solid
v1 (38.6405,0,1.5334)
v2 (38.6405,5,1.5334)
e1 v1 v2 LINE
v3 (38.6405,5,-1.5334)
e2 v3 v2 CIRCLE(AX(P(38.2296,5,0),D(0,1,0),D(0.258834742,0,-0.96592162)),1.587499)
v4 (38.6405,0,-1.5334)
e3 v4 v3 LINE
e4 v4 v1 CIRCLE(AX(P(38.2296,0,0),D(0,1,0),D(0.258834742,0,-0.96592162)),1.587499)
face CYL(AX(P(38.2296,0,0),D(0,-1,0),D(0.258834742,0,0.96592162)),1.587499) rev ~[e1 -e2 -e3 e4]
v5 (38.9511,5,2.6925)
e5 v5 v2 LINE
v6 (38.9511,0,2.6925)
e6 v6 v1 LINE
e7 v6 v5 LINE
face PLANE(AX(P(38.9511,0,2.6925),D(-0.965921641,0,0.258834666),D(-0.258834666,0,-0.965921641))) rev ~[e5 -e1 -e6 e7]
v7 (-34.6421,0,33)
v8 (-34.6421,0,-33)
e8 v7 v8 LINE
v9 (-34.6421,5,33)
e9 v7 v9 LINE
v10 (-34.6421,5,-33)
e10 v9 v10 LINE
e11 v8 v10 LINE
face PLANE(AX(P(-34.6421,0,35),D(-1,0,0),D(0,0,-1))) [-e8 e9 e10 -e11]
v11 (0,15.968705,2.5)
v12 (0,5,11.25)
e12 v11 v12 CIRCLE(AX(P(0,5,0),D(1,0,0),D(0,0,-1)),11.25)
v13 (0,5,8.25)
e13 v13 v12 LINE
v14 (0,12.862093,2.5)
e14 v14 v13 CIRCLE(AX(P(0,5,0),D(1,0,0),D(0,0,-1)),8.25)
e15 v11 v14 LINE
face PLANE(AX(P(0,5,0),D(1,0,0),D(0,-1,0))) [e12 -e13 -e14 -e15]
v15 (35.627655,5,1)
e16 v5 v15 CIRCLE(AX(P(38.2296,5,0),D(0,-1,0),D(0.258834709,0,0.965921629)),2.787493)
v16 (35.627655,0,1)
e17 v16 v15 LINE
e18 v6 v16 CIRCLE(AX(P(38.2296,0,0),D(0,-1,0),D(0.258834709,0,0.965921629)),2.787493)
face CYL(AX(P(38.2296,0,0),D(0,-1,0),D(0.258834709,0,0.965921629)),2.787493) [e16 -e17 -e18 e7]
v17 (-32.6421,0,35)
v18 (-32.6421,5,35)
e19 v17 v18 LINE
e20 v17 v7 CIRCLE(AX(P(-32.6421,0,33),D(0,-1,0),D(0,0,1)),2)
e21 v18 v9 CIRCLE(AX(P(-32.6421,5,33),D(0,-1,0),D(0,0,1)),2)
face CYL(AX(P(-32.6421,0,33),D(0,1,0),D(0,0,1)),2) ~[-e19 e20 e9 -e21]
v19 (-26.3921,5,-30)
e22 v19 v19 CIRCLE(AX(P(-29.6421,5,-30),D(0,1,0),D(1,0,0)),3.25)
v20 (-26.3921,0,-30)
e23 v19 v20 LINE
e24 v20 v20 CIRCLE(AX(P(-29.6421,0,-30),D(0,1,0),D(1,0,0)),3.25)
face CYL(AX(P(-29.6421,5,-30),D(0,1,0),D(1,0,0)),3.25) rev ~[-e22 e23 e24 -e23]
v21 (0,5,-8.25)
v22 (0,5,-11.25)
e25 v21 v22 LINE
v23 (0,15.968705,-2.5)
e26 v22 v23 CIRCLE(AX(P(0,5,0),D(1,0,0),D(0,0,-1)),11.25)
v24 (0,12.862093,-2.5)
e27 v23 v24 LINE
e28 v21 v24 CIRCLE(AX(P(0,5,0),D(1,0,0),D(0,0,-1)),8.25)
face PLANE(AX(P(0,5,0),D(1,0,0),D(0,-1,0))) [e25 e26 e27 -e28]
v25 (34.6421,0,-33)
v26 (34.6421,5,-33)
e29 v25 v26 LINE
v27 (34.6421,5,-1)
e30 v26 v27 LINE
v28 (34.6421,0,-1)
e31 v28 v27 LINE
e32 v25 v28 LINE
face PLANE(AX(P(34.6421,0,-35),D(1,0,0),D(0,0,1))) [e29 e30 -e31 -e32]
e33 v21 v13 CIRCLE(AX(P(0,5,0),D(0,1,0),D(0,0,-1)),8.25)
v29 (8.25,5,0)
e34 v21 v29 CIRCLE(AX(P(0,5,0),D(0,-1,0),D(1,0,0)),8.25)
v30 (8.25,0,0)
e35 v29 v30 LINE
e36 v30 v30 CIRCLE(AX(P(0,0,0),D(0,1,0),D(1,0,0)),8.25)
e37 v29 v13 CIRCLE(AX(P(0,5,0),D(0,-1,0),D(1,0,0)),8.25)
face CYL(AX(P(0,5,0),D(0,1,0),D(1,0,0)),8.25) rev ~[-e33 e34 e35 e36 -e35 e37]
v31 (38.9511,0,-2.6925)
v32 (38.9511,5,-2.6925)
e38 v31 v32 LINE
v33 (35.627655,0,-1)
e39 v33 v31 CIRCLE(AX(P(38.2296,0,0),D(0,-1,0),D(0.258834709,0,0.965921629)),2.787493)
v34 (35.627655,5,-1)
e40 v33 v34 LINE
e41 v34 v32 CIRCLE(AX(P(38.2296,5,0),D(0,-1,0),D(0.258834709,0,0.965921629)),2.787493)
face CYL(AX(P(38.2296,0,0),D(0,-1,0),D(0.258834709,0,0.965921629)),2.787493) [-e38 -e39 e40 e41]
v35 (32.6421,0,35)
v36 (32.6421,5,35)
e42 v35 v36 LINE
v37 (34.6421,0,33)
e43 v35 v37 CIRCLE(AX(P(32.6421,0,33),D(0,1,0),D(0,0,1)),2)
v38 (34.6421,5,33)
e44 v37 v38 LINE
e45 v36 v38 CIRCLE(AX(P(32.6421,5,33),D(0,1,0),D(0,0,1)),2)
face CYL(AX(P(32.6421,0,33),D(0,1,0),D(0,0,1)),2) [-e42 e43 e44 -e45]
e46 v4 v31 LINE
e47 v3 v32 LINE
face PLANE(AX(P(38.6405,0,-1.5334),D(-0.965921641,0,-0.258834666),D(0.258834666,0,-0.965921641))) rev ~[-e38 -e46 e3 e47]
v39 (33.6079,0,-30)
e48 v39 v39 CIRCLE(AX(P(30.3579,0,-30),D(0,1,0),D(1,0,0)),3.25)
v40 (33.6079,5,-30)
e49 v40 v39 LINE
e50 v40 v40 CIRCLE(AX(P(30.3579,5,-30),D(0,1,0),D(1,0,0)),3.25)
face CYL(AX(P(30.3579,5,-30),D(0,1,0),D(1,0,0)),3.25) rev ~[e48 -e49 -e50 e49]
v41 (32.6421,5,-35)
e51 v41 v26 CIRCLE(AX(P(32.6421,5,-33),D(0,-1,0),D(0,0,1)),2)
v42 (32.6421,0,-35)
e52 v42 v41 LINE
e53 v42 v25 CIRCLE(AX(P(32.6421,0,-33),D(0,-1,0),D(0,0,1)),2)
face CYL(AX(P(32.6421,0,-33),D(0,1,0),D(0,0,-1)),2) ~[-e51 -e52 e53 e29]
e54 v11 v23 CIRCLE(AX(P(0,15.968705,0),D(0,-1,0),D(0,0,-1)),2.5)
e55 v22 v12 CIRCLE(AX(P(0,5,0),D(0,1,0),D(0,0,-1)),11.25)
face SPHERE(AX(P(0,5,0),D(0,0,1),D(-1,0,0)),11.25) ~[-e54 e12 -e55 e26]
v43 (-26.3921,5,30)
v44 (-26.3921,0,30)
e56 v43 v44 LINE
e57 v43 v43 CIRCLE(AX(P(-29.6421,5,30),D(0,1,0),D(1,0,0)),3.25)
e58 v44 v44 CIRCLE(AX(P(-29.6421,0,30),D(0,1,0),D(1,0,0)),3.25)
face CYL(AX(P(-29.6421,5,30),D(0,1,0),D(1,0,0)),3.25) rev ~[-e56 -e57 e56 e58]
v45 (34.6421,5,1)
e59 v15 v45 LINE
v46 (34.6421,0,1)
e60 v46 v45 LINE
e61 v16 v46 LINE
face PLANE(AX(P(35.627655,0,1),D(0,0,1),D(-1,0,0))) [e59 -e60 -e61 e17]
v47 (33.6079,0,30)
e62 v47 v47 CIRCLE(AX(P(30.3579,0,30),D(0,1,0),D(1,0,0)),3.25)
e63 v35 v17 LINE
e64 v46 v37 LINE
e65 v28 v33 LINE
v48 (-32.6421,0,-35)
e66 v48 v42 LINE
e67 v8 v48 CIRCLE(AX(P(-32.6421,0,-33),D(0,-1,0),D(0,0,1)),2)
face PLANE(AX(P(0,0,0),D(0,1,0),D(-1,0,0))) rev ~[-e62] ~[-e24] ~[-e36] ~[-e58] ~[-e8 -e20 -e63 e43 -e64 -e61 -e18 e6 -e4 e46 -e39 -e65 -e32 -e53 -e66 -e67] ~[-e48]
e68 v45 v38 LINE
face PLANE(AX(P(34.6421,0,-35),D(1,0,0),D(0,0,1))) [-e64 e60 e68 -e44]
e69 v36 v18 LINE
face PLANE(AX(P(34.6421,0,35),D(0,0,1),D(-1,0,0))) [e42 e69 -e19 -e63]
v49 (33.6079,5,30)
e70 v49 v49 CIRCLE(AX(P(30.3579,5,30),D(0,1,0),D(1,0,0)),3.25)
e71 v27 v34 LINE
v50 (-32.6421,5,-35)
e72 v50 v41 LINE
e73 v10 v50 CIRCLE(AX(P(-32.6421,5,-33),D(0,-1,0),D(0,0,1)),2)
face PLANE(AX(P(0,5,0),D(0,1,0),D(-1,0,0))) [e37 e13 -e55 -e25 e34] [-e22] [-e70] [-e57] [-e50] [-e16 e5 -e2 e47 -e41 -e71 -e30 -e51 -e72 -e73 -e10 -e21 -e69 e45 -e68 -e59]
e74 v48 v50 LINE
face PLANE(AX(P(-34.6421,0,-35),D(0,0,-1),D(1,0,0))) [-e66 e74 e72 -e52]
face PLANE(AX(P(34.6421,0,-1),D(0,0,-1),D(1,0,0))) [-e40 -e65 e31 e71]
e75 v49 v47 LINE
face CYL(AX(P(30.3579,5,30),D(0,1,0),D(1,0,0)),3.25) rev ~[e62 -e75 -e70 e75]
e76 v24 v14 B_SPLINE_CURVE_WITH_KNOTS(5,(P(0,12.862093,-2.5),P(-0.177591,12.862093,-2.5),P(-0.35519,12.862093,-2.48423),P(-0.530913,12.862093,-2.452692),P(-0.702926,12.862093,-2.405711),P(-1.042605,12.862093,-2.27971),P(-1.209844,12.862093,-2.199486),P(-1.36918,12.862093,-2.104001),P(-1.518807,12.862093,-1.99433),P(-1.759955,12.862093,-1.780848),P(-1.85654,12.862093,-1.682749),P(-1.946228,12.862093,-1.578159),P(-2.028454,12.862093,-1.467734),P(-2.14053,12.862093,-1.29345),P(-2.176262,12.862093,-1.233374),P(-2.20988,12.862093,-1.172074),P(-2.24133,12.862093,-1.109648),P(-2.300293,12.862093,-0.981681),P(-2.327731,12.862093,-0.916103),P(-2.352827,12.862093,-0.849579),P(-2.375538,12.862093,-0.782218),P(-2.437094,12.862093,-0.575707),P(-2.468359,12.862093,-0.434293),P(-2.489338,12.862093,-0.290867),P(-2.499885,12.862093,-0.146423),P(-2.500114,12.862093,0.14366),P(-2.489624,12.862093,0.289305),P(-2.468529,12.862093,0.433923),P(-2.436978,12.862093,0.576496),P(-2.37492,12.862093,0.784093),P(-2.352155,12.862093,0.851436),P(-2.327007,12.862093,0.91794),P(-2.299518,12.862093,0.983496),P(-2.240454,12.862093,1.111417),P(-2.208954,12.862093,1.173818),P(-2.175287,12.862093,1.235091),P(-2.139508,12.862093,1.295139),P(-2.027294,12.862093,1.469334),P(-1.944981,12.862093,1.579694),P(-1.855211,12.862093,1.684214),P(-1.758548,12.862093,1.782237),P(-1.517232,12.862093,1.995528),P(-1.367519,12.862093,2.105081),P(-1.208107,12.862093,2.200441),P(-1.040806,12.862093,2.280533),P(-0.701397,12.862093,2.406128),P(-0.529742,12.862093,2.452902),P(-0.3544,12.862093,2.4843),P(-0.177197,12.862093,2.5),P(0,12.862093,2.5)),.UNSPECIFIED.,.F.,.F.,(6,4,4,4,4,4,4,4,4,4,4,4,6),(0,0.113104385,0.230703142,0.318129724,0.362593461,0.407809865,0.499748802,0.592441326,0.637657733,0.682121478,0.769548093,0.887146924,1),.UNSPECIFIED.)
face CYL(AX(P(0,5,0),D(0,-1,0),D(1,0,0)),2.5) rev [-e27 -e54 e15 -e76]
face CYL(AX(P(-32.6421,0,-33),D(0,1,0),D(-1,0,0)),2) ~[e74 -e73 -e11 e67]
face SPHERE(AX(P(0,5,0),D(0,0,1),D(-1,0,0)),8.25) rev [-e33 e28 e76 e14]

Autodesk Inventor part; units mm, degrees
ref_plane "YZ Plane" through (0, 0, 0) normal (1, 0, 0) x (0, 1, 0)
ref_plane "XZ Plane" through (0, 0, 0) normal (0, 1, 0) x (-1, 0, 0)
ref_plane "XY Plane" through (0, 0, 0) normal (0, 0, 1) x (1, 0, 0)
sketch "Sketch1" plane through (0, 0, 0) normal (0, 1, 0) x (-1, 0, 0)
  line L0 (-34.6421, 35) -> (34.6421, 35)
  line L1 (34.6421, 35) -> (34.6421, -35)
  line L2 (34.6421, -35) -> (-34.6421, -35)
  line L3 (-34.6421, -35) -> (-34.6421, 35)
  line L4 (-34.6421, 35) -> (34.6421, -35) construction
  line L5 (34.6421, 35) -> (-34.6421, -35) construction
  point P0 (0, 0)
  dimension "d0" = 70
extrude "Extrusion1" add sketch "Sketch1" along normal blind 5
fillet "Fillet1" radius 2 4 edges at (-34.6421, 2.5, -35) (-34.6421, 2.5, 35) (34.6421, 2.5, 35) (34.6421, 2.5, -35)
sketch "Sketch2" plane through (0, 0, 0) normal (0, -1, 0) x (1, 0, 0)
  line L0 (36.6421, 1) -> (34.6421, 1)
  line L1 (34.6421, 1) -> (34.6421, -1)
  line L2 (34.6421, -1) -> (36.6421, -1)
  line L3 (36.6421, -1) -> (36.6421, 1)
  line L4 (36.6421, 1) -> (34.6421, -1) construction
  line L5 (34.6421, 1) -> (36.6421, -1) construction
  arc A0 (38.6405, 1.5334) -> (38.6405, -1.5334) centre (38.2296, 0) ccw
  line L6 (34.6421, 33) -> (34.6421, -33) projected
  line L7 (35.6421, 0) -> (34.6421, 0) construction
  arc A1 (38.9511, 2.6925) -> (38.9511, -2.6925) centre (38.2296, 0) ccw
  line L8 (38.9511, 2.6925) -> (38.6405, 1.5334)
  line L9 (38.6405, -1.5334) -> (38.9511, -2.6925)
  point P0 (0, 0)
  point P1 (36.6421, 0)
  point P2 (35.6277, 1)
  point P3 (35.6277, -1)
  dimension "d4" = 150
  dimension "d5" = 1.5875
  dimension "d6" = 2
  dimension "d8" = 150
  dimension "d9" = 1.2
extrude "Extrusion2" add sketch "Sketch2" against normal up to surface (5 mm away)
sketch "Sketch3" plane through (0, 5, 0) normal (0, 1, 0) x (1, 0, 0)
  circle A0 centre (-29.6421, -30) radius 3.25
  line L0 (-34.6421, 33) -> (-34.6421, -33) projected
  line L1 (-32.6421, -35) -> (32.6421, -35) projected
  circle A1 centre (-29.6421, 30) radius 3.25
  circle A2 centre (30.3579, -30) radius 3.25
  circle A3 centre (30.3579, 30) radius 3.25
  point P0 (0, 0)
  dimension "d12" = 6.5
  dimension "d15" = 60
  dimension "d18" = 60
  dimension "d21" = 5
  dimension "d22" = 5
extrude "Extrusion3" cut sketch "Sketch3" against normal up to surface (5 mm away)
sketch "Sketch4" plane through (0, 5, 0) normal (0, 1, 0) x (1, 0, 0)
  arc A0 (0, 8.25) -> (0, -8.25) centre (0, 0) ccw
  arc A1 (0, 11.25) -> (0, -11.25) centre (0, 0) ccw
  line L0 (0, 8.25) -> (0, 11.25)
  line L1 (0, -8.25) -> (0, -11.25)
  line L2 (0, 0) -> (0, 8.25) construction
  dimension "d25" = 8.25
  dimension "d26" = 3
  dimension "d27" = 180
revolve "Revolution1" add sketch "Sketch4" angle 90 about axis through (0, 5, 8.25) along (0, 0, -1)
sketch "Sketch5" plane through (0, 5, 0) normal (0, 1, 0) x (1, 0, 0)
  line L0 (0, 8.25) -> (0, -8.25) projected
  circle A0 centre (0, 0) radius 8.25
extrude "Extrusion4" cut sketch "Sketch5" against normal up to surface (5 mm away)
sketch "Sketch6" plane through (0, 5, 0) normal (0, 1, 0) x (1, 0, 0)
  circle A0 centre (0, 0) radius 2.5
  dimension "d31" = 5
extrude "Extrusion5" cut sketch "Sketch6" along normal through all
equation "\"d0\" = cradle_width"
equation "\"d1\" = cradle_slider_thickness"
equation "\"d5\" = 0.5 * tubing_diameter"
equation "\"d10\" = cradle_slider_thickness"
equation "\"d12\" = rod_diameter + rod_free_tolerance"
equation "\"d15\" = rod_dist"
equation "\"d18\" = rod_dist"
equation "\"d21\" = -0.5 * rod_dist + 0.5 * cradle_width"
equation "\"d22\" = -0.5 * rod_dist + 0.5 * cradle_width"
equation "\"d25\" = 0.5 * tube_diameter"
equation "\"d31\" = tube_tip_diameter"
equation "\"cradle_width\" = 70"
equation "\"cradle_slider_thickness\" = 5"
equation "\"tubing_diameter\" = 3.175"
equation "\"rod_diameter\" = 6"
equation "\"rod_free_tolerance\" = 0.5"
equation "\"tube_diameter\" = 16.5"
equation "\"tube_tip_diameter\" = 5"
equation "\"rod_dist\" = 60"
properties part number "cradle_slider"
